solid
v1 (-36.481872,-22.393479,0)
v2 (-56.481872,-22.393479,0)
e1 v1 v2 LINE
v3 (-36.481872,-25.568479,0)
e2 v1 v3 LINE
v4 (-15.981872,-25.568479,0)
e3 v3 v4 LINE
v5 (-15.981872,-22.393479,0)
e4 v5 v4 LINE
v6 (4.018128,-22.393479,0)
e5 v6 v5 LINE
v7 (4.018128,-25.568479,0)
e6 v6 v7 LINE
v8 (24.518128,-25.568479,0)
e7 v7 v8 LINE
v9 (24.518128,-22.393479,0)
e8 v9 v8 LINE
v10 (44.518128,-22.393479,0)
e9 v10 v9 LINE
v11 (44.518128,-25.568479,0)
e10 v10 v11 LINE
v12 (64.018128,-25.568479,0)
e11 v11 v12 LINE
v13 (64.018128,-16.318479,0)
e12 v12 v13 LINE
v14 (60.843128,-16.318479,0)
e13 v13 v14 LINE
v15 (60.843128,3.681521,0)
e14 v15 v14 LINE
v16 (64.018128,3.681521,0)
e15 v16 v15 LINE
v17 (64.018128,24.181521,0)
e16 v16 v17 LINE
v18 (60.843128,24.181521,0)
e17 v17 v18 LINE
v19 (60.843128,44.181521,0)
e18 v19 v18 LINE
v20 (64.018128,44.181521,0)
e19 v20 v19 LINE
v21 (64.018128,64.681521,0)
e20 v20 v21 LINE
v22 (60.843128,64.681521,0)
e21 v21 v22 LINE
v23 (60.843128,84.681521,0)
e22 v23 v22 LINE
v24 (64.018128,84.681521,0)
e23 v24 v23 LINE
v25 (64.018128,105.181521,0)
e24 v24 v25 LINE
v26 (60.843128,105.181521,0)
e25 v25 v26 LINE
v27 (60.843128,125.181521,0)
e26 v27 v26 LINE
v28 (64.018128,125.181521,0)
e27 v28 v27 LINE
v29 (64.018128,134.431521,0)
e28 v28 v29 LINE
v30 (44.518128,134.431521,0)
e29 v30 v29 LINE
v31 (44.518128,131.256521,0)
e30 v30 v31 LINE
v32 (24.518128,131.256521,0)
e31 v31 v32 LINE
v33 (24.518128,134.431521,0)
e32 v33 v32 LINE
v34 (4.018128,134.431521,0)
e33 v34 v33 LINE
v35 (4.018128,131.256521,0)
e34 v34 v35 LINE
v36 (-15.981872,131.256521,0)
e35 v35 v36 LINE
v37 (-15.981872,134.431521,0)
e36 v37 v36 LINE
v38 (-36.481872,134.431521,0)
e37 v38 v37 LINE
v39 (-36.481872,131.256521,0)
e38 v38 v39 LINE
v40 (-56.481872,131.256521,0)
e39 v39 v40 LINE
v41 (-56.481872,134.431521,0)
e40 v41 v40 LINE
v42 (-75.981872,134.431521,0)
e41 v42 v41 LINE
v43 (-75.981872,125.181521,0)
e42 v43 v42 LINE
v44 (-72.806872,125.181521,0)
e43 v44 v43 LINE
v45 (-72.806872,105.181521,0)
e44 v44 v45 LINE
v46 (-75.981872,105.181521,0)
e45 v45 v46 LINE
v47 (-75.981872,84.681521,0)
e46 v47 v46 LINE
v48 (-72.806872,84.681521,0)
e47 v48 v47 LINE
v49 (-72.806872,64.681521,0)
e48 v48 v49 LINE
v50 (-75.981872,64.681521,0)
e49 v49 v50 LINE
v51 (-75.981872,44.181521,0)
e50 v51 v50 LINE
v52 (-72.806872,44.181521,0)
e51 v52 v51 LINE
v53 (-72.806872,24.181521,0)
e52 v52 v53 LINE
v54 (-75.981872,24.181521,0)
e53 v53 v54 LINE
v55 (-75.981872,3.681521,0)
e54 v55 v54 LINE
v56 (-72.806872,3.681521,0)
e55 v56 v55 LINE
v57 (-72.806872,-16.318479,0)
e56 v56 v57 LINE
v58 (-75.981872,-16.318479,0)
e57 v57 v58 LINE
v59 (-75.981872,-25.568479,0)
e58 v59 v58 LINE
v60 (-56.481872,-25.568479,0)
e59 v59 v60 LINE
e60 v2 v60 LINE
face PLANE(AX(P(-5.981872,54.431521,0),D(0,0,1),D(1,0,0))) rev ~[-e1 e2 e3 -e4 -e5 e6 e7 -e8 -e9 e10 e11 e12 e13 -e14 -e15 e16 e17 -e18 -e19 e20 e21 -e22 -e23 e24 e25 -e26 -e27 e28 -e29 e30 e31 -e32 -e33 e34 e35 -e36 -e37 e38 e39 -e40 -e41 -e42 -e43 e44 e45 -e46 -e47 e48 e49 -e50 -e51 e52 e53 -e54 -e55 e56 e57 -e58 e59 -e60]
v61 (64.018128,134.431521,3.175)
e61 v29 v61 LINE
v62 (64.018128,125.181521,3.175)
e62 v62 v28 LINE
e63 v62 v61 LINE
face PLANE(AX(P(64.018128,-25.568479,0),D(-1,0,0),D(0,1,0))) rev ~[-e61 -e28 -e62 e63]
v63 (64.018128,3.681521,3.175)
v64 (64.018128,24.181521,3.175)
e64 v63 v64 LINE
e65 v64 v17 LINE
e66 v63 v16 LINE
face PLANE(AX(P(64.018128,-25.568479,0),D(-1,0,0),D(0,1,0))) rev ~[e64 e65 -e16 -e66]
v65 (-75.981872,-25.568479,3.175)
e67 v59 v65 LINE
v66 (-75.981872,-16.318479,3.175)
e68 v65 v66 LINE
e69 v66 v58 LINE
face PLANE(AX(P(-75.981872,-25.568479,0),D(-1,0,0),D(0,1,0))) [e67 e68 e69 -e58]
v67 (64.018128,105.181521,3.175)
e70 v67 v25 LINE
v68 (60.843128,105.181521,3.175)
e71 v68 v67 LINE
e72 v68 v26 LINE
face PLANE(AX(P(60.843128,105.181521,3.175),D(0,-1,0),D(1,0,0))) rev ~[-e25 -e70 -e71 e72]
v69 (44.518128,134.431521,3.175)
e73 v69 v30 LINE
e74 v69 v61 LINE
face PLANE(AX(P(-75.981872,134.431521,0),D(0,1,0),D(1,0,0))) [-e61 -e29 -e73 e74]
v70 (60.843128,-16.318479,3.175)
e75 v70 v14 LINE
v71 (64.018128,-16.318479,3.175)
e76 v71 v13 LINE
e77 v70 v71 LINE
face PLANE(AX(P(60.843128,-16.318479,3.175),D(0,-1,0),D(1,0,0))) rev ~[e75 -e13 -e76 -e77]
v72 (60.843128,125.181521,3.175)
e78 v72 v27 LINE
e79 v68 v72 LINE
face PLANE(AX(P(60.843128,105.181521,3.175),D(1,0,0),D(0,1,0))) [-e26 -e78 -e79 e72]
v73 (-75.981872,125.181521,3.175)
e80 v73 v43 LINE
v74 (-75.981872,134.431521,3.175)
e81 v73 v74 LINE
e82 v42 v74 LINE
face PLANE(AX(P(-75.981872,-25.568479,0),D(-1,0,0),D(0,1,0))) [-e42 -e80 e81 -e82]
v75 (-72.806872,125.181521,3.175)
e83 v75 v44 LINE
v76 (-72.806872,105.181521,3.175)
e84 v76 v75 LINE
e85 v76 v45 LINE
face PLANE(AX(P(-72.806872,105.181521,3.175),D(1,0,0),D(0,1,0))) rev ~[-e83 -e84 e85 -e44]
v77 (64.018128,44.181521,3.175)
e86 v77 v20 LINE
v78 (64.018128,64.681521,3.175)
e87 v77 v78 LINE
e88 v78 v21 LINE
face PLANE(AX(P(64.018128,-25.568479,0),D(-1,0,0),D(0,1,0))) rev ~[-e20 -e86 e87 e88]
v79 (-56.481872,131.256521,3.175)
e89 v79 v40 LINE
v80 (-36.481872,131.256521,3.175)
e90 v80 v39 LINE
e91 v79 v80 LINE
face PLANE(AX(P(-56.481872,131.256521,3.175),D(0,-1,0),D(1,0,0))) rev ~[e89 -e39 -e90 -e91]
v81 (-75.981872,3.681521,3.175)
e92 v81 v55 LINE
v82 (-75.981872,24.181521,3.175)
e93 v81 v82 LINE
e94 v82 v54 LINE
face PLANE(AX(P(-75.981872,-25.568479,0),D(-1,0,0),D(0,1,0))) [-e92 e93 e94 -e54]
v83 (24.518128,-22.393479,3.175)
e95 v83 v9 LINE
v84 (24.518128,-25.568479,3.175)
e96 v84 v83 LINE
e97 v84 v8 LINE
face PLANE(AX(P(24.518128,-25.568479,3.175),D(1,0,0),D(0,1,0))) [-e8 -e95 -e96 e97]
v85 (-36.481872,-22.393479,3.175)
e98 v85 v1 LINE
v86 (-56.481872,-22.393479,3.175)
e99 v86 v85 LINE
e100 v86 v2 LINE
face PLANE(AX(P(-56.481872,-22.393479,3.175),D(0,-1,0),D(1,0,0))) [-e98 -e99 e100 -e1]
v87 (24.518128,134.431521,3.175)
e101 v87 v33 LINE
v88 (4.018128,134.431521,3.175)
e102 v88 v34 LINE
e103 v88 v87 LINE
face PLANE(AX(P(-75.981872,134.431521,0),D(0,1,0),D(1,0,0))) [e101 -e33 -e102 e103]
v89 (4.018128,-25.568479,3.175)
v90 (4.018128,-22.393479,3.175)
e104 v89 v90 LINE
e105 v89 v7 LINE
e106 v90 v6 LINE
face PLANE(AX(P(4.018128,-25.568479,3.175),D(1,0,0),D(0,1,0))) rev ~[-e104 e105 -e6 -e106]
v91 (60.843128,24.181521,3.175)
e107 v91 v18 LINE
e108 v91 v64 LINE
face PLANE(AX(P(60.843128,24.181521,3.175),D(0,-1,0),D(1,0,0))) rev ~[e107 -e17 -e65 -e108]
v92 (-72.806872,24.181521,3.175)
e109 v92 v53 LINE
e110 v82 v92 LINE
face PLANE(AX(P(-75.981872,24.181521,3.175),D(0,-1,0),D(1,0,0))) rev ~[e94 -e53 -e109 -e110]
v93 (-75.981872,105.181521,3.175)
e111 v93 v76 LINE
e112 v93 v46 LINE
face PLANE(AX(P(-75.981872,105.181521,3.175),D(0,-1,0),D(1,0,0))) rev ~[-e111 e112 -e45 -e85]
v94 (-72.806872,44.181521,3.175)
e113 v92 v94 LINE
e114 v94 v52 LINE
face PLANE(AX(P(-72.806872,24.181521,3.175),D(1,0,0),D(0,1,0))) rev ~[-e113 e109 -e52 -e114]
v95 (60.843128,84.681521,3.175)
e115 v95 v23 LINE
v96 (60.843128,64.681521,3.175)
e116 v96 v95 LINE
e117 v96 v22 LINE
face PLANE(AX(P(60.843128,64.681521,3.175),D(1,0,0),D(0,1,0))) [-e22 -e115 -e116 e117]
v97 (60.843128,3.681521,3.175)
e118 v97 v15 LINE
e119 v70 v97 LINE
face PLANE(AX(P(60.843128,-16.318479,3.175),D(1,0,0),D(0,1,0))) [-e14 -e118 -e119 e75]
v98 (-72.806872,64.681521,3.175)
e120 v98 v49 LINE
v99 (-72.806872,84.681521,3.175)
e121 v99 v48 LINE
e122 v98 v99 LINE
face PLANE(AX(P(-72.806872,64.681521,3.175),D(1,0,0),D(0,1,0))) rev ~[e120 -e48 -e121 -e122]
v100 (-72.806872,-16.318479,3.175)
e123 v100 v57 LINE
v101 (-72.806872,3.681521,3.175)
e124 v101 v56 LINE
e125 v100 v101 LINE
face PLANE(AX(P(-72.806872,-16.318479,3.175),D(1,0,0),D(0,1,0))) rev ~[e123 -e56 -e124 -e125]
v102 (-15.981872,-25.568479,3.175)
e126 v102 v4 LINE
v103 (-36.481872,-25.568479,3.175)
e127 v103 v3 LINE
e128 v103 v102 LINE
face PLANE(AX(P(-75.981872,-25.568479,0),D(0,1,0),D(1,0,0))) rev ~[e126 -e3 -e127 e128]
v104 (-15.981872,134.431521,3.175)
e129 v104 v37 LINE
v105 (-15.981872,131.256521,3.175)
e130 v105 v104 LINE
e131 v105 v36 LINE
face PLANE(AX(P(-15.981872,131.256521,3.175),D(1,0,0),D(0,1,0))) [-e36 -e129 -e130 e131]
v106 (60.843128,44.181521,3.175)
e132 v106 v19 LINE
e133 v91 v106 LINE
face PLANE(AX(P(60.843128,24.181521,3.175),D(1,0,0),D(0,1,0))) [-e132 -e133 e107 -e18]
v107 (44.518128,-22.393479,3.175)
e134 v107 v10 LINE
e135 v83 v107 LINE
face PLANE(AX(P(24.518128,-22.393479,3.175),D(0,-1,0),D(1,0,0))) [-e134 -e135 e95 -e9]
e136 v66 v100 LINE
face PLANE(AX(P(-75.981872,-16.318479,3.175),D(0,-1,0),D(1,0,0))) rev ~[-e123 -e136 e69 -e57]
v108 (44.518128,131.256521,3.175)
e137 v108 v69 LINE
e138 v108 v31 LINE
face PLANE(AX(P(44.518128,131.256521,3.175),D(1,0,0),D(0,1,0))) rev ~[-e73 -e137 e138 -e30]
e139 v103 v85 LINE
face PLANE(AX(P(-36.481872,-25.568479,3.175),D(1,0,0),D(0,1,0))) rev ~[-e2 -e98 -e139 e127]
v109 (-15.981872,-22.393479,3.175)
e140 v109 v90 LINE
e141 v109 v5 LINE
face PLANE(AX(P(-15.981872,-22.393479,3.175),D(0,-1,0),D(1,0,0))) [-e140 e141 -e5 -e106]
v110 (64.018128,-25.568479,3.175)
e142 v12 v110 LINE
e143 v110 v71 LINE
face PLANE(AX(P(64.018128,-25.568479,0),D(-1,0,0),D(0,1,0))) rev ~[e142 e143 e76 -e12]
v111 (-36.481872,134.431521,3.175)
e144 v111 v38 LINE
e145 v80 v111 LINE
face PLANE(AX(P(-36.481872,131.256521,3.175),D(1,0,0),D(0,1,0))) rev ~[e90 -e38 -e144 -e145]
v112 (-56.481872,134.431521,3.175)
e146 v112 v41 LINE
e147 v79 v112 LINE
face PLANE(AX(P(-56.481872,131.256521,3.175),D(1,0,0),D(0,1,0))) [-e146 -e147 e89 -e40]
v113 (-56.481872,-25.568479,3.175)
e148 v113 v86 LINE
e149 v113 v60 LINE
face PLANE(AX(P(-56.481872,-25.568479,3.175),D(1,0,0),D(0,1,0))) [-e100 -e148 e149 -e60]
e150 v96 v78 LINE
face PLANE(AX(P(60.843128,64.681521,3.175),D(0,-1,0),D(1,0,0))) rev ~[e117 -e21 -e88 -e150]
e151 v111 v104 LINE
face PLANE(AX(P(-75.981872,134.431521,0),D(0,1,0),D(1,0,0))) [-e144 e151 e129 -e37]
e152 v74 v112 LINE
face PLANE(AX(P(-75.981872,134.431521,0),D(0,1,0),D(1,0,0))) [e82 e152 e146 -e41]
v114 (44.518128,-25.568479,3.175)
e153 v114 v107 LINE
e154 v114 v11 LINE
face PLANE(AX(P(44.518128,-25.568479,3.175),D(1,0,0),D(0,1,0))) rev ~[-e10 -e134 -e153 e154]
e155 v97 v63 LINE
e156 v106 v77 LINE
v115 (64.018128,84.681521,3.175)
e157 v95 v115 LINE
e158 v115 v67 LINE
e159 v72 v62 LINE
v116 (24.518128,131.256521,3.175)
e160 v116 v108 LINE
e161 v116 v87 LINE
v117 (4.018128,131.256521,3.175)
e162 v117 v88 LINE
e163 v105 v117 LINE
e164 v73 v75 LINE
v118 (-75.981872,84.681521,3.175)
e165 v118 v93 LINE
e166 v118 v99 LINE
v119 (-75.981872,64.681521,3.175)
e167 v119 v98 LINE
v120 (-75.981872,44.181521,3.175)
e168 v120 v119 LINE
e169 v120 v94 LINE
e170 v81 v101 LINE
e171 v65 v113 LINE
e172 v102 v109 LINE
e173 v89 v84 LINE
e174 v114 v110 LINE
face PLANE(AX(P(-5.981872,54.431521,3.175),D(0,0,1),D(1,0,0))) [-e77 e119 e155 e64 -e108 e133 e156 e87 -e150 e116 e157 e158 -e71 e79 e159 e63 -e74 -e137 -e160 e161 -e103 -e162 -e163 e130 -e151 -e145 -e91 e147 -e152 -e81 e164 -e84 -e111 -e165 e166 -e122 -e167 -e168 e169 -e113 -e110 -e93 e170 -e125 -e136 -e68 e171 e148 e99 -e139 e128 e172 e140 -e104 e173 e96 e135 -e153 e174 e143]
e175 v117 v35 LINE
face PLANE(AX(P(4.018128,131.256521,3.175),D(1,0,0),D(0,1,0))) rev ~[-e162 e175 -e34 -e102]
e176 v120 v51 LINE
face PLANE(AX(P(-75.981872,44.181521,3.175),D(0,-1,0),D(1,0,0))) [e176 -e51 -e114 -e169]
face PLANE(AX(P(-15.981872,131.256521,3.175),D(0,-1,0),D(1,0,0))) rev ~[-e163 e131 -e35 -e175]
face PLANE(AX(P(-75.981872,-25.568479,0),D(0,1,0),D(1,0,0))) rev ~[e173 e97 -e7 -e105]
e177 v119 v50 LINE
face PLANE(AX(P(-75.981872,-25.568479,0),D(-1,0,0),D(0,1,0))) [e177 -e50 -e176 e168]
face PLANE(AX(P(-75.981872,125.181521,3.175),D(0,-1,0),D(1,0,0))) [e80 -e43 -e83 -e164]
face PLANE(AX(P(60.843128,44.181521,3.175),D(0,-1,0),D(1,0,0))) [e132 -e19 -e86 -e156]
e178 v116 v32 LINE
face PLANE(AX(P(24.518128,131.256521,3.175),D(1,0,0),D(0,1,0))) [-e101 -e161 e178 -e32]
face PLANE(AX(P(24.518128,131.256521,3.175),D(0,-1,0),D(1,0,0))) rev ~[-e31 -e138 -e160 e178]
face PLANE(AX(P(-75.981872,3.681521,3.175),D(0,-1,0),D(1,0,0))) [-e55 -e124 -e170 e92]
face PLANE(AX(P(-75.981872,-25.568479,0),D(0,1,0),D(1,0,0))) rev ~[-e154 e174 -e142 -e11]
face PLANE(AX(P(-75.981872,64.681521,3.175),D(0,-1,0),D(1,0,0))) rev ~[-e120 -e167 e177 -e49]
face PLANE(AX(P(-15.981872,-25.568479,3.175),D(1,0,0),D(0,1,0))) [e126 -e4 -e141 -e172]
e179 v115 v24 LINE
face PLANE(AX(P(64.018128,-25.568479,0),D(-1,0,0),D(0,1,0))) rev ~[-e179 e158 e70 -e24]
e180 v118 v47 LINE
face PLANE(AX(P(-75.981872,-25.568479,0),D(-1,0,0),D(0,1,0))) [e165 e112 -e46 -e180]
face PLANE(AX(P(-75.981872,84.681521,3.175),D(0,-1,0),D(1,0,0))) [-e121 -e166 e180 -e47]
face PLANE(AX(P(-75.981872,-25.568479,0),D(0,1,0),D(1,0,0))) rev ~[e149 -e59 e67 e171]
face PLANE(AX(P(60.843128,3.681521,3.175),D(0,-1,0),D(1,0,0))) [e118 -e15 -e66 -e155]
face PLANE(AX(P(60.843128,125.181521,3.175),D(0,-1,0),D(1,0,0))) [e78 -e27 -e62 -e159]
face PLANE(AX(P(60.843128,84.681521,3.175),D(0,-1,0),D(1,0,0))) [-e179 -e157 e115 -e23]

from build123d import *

# Parameters (mm, degrees)
SKETCH1_W           = 140
SKETCH1_H           = 160
BOSS_EXTRUDE2_DEPTH = 3.175
CUT_EXTRUDE1_REACH  = 156.451
SKETCH3_W           = 3.175
SKETCH3_H           = 20
SKETCH3_W_2         = 20
SKETCH3_H_2         = 3.175


with BuildPart() as part:
    # Sketch1 → Boss-Extrude2 (new body)
    with BuildSketch(Plane.XY):
        with Locations((-5.981871877, 54.431521206)):
            Rectangle(SKETCH1_W, SKETCH1_H)
    extrude(amount=BOSS_EXTRUDE2_DEPTH)

    # Sketch3 → Cut-Extrude1 (cut, up to next)
    with BuildSketch(Plane.XY.offset(3.175), mode=Mode.PRIVATE) as cut_extrude1_sk1:
        with Locations((-74.394371877, -6.318478794)):
            Rectangle(SKETCH3_W, SKETCH3_H)
    cut_extrude1_tool1 = extrude(cut_extrude1_sk1.sketch, amount=-CUT_EXTRUDE1_REACH, mode=Mode.PRIVATE) & part.part
    # Sketch3 → Cut-Extrude1 (cut, up to next)
    with BuildSketch(Plane.XY.offset(3.175), mode=Mode.PRIVATE) as cut_extrude1_sk2:
        with Locations((-74.394371877, 34.181521206)):
            Rectangle(SKETCH3_W, SKETCH3_H)
    cut_extrude1_tool2 = extrude(cut_extrude1_sk2.sketch, amount=-CUT_EXTRUDE1_REACH, mode=Mode.PRIVATE) & part.part
    # Sketch3 → Cut-Extrude1 (cut, up to next)
    with BuildSketch(Plane.XY.offset(3.175), mode=Mode.PRIVATE) as cut_extrude1_sk3:
        with Locations((-74.394371877, 74.681521206)):
            Rectangle(SKETCH3_W, SKETCH3_H)
    cut_extrude1_tool3 = extrude(cut_extrude1_sk3.sketch, amount=-CUT_EXTRUDE1_REACH, mode=Mode.PRIVATE) & part.part
    # Sketch3 → Cut-Extrude1 (cut, up to next)
    with BuildSketch(Plane.XY.offset(3.175), mode=Mode.PRIVATE) as cut_extrude1_sk4:
        with Locations((-74.394371877, 115.181521206)):
            Rectangle(SKETCH3_W, SKETCH3_H)
    cut_extrude1_tool4 = extrude(cut_extrude1_sk4.sketch, amount=-CUT_EXTRUDE1_REACH, mode=Mode.PRIVATE) & part.part
    # Sketch3 → Cut-Extrude1 (cut, up to next)
    with BuildSketch(Plane.XY.offset(3.175), mode=Mode.PRIVATE) as cut_extrude1_sk5:
        with Locations((-5.981871877, -23.980978794)):
            Rectangle(SKETCH3_W_2, SKETCH3_H_2)
    cut_extrude1_tool5 = extrude(cut_extrude1_sk5.sketch, amount=-CUT_EXTRUDE1_REACH, mode=Mode.PRIVATE) & part.part
    # Sketch3 → Cut-Extrude1 (cut, up to next)
    with BuildSketch(Plane.XY.offset(3.175), mode=Mode.PRIVATE) as cut_extrude1_sk6:
        with Locations((-46.481871877, -23.980978794)):
            Rectangle(SKETCH3_W_2, SKETCH3_H_2)
    cut_extrude1_tool6 = extrude(cut_extrude1_sk6.sketch, amount=-CUT_EXTRUDE1_REACH, mode=Mode.PRIVATE) & part.part
    # Sketch3 → Cut-Extrude1 (cut, up to next)
    with BuildSketch(Plane.XY.offset(3.175), mode=Mode.PRIVATE) as cut_extrude1_sk7:
        with Locations((34.518128123, -23.980978794)):
            Rectangle(SKETCH3_W_2, SKETCH3_H_2)
    cut_extrude1_tool7 = extrude(cut_extrude1_sk7.sketch, amount=-CUT_EXTRUDE1_REACH, mode=Mode.PRIVATE) & part.part
    # Sketch3 → Cut-Extrude1 (cut, up to next)
    with BuildSketch(Plane.XY.offset(3.175), mode=Mode.PRIVATE) as cut_extrude1_sk8:
        with Locations((-46.481871877, 132.844021206)):
            Rectangle(SKETCH3_W_2, SKETCH3_H_2)
    cut_extrude1_tool8 = extrude(cut_extrude1_sk8.sketch, amount=-CUT_EXTRUDE1_REACH, mode=Mode.PRIVATE) & part.part
    # Sketch3 → Cut-Extrude1 (cut, up to next)
    with BuildSketch(Plane.XY.offset(3.175), mode=Mode.PRIVATE) as cut_extrude1_sk9:
        with Locations((-5.981871877, 132.844021206)):
            Rectangle(SKETCH3_W_2, SKETCH3_H_2)
    cut_extrude1_tool9 = extrude(cut_extrude1_sk9.sketch, amount=-CUT_EXTRUDE1_REACH, mode=Mode.PRIVATE) & part.part
    # Sketch3 → Cut-Extrude1 (cut, up to next)
    with BuildSketch(Plane.XY.offset(3.175), mode=Mode.PRIVATE) as cut_extrude1_sk10:
        with Locations((34.518128123, 132.844021206)):
            Rectangle(SKETCH3_W_2, SKETCH3_H_2)
    cut_extrude1_tool10 = extrude(cut_extrude1_sk10.sketch, amount=-CUT_EXTRUDE1_REACH, mode=Mode.PRIVATE) & part.part
    # Sketch3 → Cut-Extrude1 (cut, up to next)
    with BuildSketch(Plane.XY.offset(3.175), mode=Mode.PRIVATE) as cut_extrude1_sk11:
        with Locations((62.430628123, 115.181521206)):
            Rectangle(SKETCH3_W, SKETCH3_H)
    cut_extrude1_tool11 = extrude(cut_extrude1_sk11.sketch, amount=-CUT_EXTRUDE1_REACH, mode=Mode.PRIVATE) & part.part
    # Sketch3 → Cut-Extrude1 (cut, up to next)
    with BuildSketch(Plane.XY.offset(3.175), mode=Mode.PRIVATE) as cut_extrude1_sk12:
        with Locations((62.430628123, 74.681521206)):
            Rectangle(SKETCH3_W, SKETCH3_H)
    cut_extrude1_tool12 = extrude(cut_extrude1_sk12.sketch, amount=-CUT_EXTRUDE1_REACH, mode=Mode.PRIVATE) & part.part
    # Sketch3 → Cut-Extrude1 (cut, up to next)
    with BuildSketch(Plane.XY.offset(3.175), mode=Mode.PRIVATE) as cut_extrude1_sk13:
        with Locations((62.430628123, 34.181521206)):
            Rectangle(SKETCH3_W, SKETCH3_H)
    cut_extrude1_tool13 = extrude(cut_extrude1_sk13.sketch, amount=-CUT_EXTRUDE1_REACH, mode=Mode.PRIVATE) & part.part
    # Sketch3 → Cut-Extrude1 (cut, up to next)
    with BuildSketch(Plane.XY.offset(3.175), mode=Mode.PRIVATE) as cut_extrude1_sk14:
        with Locations((62.430628123, -6.318478794)):
            Rectangle(SKETCH3_W, SKETCH3_H)
    cut_extrude1_tool14 = extrude(cut_extrude1_sk14.sketch, amount=-CUT_EXTRUDE1_REACH, mode=Mode.PRIVATE) & part.part
    add(cut_extrude1_tool1.solids().sort_by_distance((-74.394372, -6.318479, 3.175))[0], mode=Mode.SUBTRACT)
    add(cut_extrude1_tool2.solids().sort_by_distance((-74.394372, 34.181521, 3.175))[0], mode=Mode.SUBTRACT)
    add(cut_extrude1_tool3.solids().sort_by_distance((-74.394372, 74.681521, 3.175))[0], mode=Mode.SUBTRACT)
    add(cut_extrude1_tool4.solids().sort_by_distance((-74.394372, 115.181521, 3.175))[0], mode=Mode.SUBTRACT)
    add(cut_extrude1_tool5.solids().sort_by_distance((-5.981872, -23.980979, 3.175))[0], mode=Mode.SUBTRACT)
    add(cut_extrude1_tool6.solids().sort_by_distance((-46.481872, -23.980979, 3.175))[0], mode=Mode.SUBTRACT)
    add(cut_extrude1_tool7.solids().sort_by_distance((34.518128, -23.980979, 3.175))[0], mode=Mode.SUBTRACT)
    add(cut_extrude1_tool8.solids().sort_by_distance((-46.481872, 132.844021, 3.175))[0], mode=Mode.SUBTRACT)
    add(cut_extrude1_tool9.solids().sort_by_distance((-5.981872, 132.844021, 3.175))[0], mode=Mode.SUBTRACT)
    add(cut_extrude1_tool10.solids().sort_by_distance((34.518128, 132.844021, 3.175))[0], mode=Mode.SUBTRACT)
    add(cut_extrude1_tool11.solids().sort_by_distance((62.430628, 115.181521, 3.175))[0], mode=Mode.SUBTRACT)
    add(cut_extrude1_tool12.solids().sort_by_distance((62.430628, 74.681521, 3.175))[0], mode=Mode.SUBTRACT)
    add(cut_extrude1_tool13.solids().sort_by_distance((62.430628, 34.181521, 3.175))[0], mode=Mode.SUBTRACT)
    add(cut_extrude1_tool14.solids().sort_by_distance((62.430628, -6.318479, 3.175))[0], mode=Mode.SUBTRACT)


solid = part.part
